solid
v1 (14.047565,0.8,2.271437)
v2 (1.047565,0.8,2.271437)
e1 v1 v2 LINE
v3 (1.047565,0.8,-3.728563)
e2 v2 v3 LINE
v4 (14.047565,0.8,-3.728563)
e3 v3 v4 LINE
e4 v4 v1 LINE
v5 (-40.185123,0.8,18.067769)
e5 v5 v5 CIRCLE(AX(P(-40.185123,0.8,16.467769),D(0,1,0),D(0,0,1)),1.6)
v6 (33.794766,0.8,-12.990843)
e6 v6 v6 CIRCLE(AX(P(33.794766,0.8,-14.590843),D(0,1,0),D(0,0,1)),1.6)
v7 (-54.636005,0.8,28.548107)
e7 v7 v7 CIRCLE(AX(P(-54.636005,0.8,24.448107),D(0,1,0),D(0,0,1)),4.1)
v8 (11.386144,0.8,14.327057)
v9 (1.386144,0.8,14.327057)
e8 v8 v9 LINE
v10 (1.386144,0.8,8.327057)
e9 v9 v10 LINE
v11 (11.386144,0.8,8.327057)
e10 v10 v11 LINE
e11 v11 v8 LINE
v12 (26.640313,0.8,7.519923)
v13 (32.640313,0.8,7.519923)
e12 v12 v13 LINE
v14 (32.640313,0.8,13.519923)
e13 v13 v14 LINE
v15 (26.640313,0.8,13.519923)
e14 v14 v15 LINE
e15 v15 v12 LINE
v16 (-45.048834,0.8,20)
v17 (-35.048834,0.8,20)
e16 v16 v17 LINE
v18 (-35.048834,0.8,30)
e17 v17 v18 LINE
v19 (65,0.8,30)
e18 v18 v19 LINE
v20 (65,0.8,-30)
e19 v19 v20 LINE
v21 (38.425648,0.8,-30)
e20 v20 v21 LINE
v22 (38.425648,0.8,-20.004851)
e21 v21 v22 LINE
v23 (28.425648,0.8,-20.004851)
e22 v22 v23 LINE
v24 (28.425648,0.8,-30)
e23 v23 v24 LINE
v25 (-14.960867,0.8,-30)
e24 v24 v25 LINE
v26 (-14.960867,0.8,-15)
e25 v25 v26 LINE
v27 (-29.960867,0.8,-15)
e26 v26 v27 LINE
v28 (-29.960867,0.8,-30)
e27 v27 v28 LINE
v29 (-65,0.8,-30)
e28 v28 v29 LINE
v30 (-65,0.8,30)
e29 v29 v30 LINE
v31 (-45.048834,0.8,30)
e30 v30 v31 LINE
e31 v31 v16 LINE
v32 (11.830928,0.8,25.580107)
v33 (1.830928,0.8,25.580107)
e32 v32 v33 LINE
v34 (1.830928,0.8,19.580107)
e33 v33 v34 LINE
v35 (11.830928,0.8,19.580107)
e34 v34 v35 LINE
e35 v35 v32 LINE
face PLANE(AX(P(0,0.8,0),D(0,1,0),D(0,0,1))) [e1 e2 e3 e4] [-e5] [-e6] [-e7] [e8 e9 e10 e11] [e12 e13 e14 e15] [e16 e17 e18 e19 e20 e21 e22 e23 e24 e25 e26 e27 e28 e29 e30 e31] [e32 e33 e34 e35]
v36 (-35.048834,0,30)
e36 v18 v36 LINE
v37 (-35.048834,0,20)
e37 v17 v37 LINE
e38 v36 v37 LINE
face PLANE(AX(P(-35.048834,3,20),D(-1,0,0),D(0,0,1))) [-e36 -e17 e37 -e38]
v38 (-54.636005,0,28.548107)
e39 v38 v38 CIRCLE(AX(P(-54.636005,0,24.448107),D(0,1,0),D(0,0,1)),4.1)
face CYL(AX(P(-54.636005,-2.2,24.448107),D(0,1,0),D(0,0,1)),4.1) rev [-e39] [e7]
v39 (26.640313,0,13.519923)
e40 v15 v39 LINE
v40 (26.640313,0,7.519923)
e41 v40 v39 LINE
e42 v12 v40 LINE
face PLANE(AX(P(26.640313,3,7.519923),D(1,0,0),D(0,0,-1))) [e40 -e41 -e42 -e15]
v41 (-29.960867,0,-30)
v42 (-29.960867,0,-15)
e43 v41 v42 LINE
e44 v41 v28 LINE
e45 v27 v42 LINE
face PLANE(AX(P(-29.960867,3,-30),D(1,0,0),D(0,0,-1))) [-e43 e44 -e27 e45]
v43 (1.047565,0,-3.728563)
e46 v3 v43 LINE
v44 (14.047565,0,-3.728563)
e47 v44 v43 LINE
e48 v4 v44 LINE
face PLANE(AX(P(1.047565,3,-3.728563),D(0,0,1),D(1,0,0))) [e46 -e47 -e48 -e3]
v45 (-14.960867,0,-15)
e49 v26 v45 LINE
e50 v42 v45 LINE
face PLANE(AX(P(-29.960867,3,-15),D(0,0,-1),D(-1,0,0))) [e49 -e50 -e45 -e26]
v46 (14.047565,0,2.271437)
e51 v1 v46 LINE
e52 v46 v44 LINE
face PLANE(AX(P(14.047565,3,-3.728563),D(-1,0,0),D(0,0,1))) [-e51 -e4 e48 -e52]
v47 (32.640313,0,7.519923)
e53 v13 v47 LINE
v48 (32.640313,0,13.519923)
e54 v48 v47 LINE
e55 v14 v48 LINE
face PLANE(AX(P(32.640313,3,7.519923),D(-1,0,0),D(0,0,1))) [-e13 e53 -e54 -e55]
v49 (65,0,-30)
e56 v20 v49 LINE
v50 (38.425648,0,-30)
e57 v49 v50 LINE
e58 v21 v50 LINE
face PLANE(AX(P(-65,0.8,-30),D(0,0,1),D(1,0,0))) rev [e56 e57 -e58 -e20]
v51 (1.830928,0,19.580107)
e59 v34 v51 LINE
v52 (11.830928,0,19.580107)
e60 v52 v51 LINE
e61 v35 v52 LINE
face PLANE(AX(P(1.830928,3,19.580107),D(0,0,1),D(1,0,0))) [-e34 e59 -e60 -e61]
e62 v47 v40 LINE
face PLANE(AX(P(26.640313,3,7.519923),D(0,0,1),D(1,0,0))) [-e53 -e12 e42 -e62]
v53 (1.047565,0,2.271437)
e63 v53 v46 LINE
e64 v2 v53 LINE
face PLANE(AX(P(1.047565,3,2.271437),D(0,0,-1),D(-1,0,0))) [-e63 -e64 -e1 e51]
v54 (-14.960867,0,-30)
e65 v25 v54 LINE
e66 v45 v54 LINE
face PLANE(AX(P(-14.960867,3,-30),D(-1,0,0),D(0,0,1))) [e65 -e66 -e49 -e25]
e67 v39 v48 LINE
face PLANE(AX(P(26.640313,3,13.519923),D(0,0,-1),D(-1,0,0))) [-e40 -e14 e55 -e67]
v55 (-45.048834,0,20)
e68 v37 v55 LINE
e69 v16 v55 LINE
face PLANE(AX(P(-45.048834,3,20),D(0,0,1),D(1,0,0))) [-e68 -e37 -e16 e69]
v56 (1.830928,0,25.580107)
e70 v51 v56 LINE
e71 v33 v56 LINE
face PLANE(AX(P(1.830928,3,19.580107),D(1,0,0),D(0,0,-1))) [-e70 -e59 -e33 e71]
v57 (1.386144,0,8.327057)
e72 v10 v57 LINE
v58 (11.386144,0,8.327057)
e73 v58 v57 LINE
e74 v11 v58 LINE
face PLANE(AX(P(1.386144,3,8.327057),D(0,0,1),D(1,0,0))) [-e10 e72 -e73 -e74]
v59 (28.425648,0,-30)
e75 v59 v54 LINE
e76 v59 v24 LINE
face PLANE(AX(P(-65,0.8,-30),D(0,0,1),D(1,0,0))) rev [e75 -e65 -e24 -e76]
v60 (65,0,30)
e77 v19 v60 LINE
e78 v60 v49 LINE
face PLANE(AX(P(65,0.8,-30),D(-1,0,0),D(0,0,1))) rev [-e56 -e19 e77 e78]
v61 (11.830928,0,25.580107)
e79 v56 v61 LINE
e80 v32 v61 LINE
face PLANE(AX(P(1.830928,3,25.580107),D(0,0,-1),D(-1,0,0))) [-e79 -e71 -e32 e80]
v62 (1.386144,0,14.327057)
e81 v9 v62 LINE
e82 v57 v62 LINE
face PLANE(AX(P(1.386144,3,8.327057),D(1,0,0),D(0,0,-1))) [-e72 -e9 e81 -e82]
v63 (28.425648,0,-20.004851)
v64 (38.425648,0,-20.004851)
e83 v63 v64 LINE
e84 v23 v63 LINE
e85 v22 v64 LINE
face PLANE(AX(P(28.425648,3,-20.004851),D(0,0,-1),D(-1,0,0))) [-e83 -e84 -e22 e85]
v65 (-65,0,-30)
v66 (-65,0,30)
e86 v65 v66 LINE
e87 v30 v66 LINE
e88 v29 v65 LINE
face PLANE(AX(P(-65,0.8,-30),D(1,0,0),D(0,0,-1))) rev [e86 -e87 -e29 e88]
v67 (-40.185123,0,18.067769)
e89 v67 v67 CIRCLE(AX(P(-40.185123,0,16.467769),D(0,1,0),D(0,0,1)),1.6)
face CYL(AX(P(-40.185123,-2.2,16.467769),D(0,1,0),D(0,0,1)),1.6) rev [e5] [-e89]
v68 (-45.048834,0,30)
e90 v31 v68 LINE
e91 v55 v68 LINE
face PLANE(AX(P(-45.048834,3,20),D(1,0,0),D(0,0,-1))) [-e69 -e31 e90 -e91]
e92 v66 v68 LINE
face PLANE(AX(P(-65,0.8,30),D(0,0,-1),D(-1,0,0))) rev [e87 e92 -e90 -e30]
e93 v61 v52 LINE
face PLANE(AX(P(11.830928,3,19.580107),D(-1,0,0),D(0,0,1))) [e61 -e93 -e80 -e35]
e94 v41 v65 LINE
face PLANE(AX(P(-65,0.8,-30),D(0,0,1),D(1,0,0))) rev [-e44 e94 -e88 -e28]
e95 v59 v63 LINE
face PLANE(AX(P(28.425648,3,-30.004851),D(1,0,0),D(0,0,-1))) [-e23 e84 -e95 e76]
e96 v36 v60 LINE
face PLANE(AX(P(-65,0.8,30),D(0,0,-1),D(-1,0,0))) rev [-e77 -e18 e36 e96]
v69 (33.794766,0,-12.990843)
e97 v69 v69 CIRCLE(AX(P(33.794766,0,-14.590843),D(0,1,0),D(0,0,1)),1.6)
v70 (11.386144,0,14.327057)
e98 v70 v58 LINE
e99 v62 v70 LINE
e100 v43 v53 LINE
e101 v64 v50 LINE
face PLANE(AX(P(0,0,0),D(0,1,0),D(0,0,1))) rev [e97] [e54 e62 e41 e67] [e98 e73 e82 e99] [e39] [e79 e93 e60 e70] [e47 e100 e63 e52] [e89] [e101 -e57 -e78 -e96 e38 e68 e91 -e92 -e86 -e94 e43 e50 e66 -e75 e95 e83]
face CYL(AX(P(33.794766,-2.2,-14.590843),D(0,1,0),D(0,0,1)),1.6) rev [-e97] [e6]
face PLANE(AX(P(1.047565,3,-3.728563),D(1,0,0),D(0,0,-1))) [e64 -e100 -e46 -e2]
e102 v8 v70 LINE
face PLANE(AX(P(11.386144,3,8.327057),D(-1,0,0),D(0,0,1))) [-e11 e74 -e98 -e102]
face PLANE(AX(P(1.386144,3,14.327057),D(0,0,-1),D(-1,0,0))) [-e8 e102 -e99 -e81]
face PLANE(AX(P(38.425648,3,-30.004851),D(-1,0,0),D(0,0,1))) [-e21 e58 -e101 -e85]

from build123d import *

# Parameters (mm, degrees)
SKETCH1_W           = 130
SKETCH1_H           = 60
BOSS_EXTRUDE1_DEPTH = 0.8
SKETCH2_W           = 10
SKETCH2_H           = 10
SKETCH2_W_2         = 15
SKETCH2_H_2         = 15
CUT_EXTRUDE5_DEPTH  = 3
SKETCH3_R           = 1.6
SKETCH3_R_2         = 4.1
CUT_EXTRUDE6_DEPTH  = 3
SKETCH4_W           = 13
SKETCH4_H           = 6
SKETCH4_W_2         = 10
SKETCH4_W_3         = 6
CUT_EXTRUDE8_DEPTH  = 3


with BuildPart() as part:
    # Sketch1 → Boss-Extrude1 (new body)
    with BuildSketch(Plane(origin=(0, 0, 0), x_dir=(1, 0, 0), z_dir=(0, 1, 0))):
        Rectangle(SKETCH1_W, SKETCH1_H)
    extrude(amount=BOSS_EXTRUDE1_DEPTH)

    # Sketch2 → Cut-Extrude5 (cut)
    with BuildSketch(Plane(origin=(0, 0, 0), x_dir=(1, 0, 0), z_dir=(0, 1, 0))):
        with Locations((-40.048834012, -25)):
            Rectangle(SKETCH2_W, SKETCH2_H)
        with Locations((33.42564803, 25.004850698)):
            Rectangle(SKETCH2_W, SKETCH2_H)
        with Locations((-22.460867384, 22.5)):
            Rectangle(SKETCH2_W_2, SKETCH2_H_2)
    extrude(amount=CUT_EXTRUDE5_DEPTH, mode=Mode.SUBTRACT)

    # Sketch3 → Cut-Extrude6 (cut)
    with BuildSketch(Plane(origin=(0, 0.8, 0), x_dir=(1, 0, 0), z_dir=(0, 1, 0))):
        with Locations(Location((-40.185122934, -16.467769304, 0), (0, 0, 270))):
            Circle(SKETCH3_R)
        with Locations(Location((33.794766004, 14.590842962, 0), (0, 0, 270))):
            Circle(SKETCH3_R)
        with Locations(Location((-54.63600503, -24.448107178, 0), (0, 0, 270))):
            Circle(SKETCH3_R_2)
    extrude(amount=-CUT_EXTRUDE6_DEPTH, mode=Mode.SUBTRACT)

    # Sketch4 → Cut-Extrude8 (cut)
    with BuildSketch(Plane(origin=(0, 0, 0), x_dir=(1, 0, 0), z_dir=(0, 1, 0))):
        with Locations((7.547565178, 0.728562609)):
            Rectangle(SKETCH4_W, SKETCH4_H)
        with Locations((6.386143638, -11.327057027)):
            Rectangle(SKETCH4_W_2, SKETCH4_H)
        with Locations((6.830928235, -22.580107336)):
            Rectangle(SKETCH4_W_2, SKETCH4_H)
        with Locations((29.640312606, -10.519923454)):
            Rectangle(SKETCH4_W_3, SKETCH4_H)
    extrude(amount=CUT_EXTRUDE8_DEPTH, mode=Mode.SUBTRACT)


solid = part.part
